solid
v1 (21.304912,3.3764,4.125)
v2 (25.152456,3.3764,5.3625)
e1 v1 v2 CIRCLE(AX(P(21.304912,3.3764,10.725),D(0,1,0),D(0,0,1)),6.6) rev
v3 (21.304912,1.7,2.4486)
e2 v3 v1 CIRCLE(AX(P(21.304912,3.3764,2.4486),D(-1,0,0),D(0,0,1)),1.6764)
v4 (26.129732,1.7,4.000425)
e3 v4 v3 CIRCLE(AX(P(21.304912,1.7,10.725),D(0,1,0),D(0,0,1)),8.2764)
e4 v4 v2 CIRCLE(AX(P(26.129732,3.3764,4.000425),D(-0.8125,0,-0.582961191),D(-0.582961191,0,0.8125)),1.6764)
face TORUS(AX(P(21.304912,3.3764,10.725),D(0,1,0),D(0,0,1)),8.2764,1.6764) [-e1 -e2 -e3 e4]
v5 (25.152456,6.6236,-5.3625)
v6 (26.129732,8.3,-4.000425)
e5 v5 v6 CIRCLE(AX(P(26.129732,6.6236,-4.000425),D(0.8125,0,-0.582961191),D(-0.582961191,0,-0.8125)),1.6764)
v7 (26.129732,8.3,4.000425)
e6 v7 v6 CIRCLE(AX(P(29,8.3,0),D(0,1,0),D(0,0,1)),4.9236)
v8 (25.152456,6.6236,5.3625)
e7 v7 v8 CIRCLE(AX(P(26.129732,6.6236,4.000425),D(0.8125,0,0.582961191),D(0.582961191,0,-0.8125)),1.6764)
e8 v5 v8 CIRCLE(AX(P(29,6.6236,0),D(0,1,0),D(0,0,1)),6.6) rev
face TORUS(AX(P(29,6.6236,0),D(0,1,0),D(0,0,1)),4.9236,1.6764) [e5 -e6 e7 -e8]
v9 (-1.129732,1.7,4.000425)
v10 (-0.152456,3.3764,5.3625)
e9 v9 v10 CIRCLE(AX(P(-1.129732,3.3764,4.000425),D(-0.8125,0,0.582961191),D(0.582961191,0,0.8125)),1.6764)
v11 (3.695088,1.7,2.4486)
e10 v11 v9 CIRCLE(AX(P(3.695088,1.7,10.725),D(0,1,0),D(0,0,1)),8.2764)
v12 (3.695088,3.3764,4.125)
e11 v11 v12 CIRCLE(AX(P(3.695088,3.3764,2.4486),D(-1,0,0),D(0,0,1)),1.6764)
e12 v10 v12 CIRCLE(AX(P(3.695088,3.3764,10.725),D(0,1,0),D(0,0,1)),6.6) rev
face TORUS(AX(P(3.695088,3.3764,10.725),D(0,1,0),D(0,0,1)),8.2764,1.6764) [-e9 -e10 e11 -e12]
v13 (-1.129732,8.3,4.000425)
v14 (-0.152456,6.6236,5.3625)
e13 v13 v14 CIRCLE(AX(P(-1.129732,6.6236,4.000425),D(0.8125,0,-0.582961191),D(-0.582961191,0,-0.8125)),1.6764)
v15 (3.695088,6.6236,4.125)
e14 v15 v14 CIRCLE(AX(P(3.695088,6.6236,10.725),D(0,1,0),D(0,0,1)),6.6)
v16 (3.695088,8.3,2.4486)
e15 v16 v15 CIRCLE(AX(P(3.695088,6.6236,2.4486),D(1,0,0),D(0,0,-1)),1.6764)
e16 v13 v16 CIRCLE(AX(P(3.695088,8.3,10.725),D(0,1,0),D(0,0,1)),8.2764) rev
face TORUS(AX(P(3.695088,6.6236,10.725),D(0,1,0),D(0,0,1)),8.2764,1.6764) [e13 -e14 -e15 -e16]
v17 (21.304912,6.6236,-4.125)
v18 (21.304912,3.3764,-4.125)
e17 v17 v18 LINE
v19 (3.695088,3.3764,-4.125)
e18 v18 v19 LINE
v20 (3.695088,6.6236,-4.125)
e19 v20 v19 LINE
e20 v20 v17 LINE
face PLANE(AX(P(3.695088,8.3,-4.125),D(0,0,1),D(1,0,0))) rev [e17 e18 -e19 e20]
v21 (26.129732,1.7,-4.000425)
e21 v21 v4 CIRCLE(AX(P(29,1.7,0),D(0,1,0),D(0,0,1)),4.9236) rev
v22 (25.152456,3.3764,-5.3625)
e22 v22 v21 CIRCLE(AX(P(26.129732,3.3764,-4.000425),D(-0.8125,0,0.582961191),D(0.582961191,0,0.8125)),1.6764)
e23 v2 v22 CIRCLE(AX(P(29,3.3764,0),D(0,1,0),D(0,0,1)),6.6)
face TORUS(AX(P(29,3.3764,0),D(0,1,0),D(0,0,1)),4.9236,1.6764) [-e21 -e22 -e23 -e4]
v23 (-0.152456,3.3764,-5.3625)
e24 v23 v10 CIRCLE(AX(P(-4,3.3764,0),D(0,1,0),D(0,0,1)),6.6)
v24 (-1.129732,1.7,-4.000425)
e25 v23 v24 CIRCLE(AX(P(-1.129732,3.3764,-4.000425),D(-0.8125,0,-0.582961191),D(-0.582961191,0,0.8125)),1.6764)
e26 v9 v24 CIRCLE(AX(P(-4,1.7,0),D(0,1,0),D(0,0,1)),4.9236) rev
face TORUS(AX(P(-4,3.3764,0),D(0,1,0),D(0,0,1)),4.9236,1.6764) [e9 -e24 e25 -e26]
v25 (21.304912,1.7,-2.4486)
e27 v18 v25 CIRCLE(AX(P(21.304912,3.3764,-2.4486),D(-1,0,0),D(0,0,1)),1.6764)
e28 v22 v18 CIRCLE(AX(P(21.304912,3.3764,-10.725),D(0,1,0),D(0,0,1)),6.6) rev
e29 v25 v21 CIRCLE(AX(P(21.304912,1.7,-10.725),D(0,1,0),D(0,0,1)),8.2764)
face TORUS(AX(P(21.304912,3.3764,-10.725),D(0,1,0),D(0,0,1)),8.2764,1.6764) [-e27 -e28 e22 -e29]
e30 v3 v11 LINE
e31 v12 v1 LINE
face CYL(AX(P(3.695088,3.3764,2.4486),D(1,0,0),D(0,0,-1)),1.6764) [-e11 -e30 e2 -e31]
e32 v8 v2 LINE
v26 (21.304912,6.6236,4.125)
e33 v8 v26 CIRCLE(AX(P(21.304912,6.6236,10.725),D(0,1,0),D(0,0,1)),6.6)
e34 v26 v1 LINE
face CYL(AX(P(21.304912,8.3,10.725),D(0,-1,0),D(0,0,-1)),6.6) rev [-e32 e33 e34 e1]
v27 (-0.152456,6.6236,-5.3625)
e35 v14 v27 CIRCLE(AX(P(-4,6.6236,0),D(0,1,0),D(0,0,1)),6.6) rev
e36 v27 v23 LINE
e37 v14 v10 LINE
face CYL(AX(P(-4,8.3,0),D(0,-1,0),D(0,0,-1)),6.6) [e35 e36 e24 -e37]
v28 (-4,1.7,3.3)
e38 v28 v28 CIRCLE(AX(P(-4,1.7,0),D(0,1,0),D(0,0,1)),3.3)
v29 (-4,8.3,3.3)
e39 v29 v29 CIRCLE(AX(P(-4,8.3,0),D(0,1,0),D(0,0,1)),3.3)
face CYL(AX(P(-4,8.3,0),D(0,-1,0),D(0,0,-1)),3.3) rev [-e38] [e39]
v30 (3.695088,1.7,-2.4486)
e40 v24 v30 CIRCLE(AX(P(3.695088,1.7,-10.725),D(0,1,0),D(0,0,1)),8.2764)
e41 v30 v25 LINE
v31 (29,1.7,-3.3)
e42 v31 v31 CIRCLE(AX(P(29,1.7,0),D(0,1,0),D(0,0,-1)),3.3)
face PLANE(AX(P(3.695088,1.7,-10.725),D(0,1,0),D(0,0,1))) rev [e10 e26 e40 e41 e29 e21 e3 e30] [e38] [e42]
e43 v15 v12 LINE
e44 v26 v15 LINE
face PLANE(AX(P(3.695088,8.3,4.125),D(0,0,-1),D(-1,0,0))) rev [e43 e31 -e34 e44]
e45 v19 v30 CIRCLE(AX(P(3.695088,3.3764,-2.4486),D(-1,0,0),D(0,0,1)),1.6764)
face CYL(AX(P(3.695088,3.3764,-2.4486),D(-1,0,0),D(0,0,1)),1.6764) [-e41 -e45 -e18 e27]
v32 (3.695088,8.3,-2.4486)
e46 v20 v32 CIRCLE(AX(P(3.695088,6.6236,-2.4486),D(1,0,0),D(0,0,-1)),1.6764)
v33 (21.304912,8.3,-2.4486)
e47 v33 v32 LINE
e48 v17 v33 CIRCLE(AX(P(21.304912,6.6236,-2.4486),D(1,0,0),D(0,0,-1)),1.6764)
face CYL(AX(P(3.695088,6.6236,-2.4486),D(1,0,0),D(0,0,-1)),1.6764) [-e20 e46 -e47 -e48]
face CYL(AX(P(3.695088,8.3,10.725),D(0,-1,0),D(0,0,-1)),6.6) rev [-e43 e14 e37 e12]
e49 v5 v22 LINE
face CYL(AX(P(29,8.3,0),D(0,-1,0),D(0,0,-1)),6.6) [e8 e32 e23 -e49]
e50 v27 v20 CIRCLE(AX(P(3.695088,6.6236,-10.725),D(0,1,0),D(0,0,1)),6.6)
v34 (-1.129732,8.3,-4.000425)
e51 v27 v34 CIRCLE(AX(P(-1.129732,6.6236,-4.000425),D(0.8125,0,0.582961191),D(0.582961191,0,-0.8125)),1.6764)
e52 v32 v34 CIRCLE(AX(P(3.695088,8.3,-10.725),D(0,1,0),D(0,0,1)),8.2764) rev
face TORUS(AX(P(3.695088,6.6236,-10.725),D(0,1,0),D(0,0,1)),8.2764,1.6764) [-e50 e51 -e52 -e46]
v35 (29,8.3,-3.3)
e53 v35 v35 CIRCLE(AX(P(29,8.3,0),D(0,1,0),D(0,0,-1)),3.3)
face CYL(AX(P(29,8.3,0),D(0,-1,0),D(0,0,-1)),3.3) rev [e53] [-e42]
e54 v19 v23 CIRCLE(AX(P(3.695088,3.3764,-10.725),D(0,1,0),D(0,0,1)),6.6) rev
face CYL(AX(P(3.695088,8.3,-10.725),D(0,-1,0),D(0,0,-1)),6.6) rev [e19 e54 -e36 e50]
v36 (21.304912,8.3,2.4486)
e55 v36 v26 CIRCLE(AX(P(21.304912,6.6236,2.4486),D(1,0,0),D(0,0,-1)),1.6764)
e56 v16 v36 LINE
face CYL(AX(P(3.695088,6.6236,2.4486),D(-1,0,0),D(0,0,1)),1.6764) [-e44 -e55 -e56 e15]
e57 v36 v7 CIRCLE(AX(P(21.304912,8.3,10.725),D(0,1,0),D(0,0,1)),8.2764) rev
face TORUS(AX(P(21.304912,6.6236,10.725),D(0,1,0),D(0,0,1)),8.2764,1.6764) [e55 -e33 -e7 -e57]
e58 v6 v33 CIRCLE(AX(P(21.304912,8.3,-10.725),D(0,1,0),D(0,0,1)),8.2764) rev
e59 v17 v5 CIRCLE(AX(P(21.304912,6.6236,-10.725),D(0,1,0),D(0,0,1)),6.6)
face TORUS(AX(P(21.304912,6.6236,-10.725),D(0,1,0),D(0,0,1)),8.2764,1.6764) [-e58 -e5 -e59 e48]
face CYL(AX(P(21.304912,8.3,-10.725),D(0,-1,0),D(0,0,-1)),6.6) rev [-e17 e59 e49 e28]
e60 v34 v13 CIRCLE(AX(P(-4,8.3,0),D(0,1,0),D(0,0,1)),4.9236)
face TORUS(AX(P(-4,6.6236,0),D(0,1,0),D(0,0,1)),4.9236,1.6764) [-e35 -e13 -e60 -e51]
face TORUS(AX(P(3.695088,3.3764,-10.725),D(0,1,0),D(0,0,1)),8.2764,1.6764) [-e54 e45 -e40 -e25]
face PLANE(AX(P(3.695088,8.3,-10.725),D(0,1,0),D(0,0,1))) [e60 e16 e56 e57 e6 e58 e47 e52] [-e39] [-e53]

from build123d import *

# Parameters (mm, degrees)
SKETCH1_R           = 5
BOSS_EXTRUDE1_DEPTH = 10
FILLET1_R           = 2.54
SCALE1_SCALE        = 0.66


with BuildPart() as part:
    # Sketch1 → Boss-Extrude1 (new body)
    with BuildSketch(Plane(origin=(0, 0, 0), x_dir=(1, 0, 0), z_dir=(0, 1, 0))):
        with BuildLine():
            Line((-0.840776184, -6.25), (25.840776184, -6.25))
            ThreePointArc((25.840776184, -6.25), (28.902638362, -6.730283618), (31.670388092, -8.125))
            ThreePointArc((31.670388092, -8.125), (47.5, 0), (31.670388092, 8.125))
            ThreePointArc((31.670388092, 8.125), (28.902638362, 6.730283618), (25.840776184, 6.25))
            Line((25.840776184, 6.25), (-0.840776184, 6.25))
            ThreePointArc((-0.840776184, 6.25), (-3.902638362, 6.730283618), (-6.670388092, 8.125))
            ThreePointArc((-6.670388092, 8.125), (-22.5, 0), (-6.670388092, -8.125))
            ThreePointArc((-6.670388092, -8.125), (-3.902638362, -6.730283618), (-0.840776184, -6.25))
        make_face()
        with Locations((-12.5, 0)):
            Circle(SKETCH1_R, mode=Mode.SUBTRACT)
        with Locations((37.5, 0)):
            Circle(SKETCH1_R, mode=Mode.SUBTRACT)
    extrude(amount=BOSS_EXTRUDE1_DEPTH)

    # Fillet1
    fillet1_edges = [part.edges().sort_by_distance(p)[0] for p in [
        (-3.902638362, 10, 6.730283618),
        (-22.5, 0, 0),
        (-3.902638362, 0, -6.730283618),
        (12.5, 10, 6.25),
        (28.902638362, 10, 6.730283618),
        (47.5, 10, 0),
        (28.902638362, 10, -6.730283618),
        (12.5, 10, -6.25),
        (-3.902638362, 10, -6.730283618),
        (-22.5, 10, 0),
        (12.5, 0, -6.25),
        (28.902638362, 0, -6.730283618),
        (47.5, 0, 0),
        (28.902638362, 0, 6.730283618),
        (12.5, 0, 6.25),
        (-3.902638362, 0, 6.730283618),
    ]]
    fillet(fillet1_edges, radius=FILLET1_R)


with BuildPart() as part_1:
    # Scale1: scaled about (12.5, 5, 0)
    add(part.part.scale(SCALE1_SCALE).moved(Location((4.25, 1.7, 0))))


solid = part_1.part
